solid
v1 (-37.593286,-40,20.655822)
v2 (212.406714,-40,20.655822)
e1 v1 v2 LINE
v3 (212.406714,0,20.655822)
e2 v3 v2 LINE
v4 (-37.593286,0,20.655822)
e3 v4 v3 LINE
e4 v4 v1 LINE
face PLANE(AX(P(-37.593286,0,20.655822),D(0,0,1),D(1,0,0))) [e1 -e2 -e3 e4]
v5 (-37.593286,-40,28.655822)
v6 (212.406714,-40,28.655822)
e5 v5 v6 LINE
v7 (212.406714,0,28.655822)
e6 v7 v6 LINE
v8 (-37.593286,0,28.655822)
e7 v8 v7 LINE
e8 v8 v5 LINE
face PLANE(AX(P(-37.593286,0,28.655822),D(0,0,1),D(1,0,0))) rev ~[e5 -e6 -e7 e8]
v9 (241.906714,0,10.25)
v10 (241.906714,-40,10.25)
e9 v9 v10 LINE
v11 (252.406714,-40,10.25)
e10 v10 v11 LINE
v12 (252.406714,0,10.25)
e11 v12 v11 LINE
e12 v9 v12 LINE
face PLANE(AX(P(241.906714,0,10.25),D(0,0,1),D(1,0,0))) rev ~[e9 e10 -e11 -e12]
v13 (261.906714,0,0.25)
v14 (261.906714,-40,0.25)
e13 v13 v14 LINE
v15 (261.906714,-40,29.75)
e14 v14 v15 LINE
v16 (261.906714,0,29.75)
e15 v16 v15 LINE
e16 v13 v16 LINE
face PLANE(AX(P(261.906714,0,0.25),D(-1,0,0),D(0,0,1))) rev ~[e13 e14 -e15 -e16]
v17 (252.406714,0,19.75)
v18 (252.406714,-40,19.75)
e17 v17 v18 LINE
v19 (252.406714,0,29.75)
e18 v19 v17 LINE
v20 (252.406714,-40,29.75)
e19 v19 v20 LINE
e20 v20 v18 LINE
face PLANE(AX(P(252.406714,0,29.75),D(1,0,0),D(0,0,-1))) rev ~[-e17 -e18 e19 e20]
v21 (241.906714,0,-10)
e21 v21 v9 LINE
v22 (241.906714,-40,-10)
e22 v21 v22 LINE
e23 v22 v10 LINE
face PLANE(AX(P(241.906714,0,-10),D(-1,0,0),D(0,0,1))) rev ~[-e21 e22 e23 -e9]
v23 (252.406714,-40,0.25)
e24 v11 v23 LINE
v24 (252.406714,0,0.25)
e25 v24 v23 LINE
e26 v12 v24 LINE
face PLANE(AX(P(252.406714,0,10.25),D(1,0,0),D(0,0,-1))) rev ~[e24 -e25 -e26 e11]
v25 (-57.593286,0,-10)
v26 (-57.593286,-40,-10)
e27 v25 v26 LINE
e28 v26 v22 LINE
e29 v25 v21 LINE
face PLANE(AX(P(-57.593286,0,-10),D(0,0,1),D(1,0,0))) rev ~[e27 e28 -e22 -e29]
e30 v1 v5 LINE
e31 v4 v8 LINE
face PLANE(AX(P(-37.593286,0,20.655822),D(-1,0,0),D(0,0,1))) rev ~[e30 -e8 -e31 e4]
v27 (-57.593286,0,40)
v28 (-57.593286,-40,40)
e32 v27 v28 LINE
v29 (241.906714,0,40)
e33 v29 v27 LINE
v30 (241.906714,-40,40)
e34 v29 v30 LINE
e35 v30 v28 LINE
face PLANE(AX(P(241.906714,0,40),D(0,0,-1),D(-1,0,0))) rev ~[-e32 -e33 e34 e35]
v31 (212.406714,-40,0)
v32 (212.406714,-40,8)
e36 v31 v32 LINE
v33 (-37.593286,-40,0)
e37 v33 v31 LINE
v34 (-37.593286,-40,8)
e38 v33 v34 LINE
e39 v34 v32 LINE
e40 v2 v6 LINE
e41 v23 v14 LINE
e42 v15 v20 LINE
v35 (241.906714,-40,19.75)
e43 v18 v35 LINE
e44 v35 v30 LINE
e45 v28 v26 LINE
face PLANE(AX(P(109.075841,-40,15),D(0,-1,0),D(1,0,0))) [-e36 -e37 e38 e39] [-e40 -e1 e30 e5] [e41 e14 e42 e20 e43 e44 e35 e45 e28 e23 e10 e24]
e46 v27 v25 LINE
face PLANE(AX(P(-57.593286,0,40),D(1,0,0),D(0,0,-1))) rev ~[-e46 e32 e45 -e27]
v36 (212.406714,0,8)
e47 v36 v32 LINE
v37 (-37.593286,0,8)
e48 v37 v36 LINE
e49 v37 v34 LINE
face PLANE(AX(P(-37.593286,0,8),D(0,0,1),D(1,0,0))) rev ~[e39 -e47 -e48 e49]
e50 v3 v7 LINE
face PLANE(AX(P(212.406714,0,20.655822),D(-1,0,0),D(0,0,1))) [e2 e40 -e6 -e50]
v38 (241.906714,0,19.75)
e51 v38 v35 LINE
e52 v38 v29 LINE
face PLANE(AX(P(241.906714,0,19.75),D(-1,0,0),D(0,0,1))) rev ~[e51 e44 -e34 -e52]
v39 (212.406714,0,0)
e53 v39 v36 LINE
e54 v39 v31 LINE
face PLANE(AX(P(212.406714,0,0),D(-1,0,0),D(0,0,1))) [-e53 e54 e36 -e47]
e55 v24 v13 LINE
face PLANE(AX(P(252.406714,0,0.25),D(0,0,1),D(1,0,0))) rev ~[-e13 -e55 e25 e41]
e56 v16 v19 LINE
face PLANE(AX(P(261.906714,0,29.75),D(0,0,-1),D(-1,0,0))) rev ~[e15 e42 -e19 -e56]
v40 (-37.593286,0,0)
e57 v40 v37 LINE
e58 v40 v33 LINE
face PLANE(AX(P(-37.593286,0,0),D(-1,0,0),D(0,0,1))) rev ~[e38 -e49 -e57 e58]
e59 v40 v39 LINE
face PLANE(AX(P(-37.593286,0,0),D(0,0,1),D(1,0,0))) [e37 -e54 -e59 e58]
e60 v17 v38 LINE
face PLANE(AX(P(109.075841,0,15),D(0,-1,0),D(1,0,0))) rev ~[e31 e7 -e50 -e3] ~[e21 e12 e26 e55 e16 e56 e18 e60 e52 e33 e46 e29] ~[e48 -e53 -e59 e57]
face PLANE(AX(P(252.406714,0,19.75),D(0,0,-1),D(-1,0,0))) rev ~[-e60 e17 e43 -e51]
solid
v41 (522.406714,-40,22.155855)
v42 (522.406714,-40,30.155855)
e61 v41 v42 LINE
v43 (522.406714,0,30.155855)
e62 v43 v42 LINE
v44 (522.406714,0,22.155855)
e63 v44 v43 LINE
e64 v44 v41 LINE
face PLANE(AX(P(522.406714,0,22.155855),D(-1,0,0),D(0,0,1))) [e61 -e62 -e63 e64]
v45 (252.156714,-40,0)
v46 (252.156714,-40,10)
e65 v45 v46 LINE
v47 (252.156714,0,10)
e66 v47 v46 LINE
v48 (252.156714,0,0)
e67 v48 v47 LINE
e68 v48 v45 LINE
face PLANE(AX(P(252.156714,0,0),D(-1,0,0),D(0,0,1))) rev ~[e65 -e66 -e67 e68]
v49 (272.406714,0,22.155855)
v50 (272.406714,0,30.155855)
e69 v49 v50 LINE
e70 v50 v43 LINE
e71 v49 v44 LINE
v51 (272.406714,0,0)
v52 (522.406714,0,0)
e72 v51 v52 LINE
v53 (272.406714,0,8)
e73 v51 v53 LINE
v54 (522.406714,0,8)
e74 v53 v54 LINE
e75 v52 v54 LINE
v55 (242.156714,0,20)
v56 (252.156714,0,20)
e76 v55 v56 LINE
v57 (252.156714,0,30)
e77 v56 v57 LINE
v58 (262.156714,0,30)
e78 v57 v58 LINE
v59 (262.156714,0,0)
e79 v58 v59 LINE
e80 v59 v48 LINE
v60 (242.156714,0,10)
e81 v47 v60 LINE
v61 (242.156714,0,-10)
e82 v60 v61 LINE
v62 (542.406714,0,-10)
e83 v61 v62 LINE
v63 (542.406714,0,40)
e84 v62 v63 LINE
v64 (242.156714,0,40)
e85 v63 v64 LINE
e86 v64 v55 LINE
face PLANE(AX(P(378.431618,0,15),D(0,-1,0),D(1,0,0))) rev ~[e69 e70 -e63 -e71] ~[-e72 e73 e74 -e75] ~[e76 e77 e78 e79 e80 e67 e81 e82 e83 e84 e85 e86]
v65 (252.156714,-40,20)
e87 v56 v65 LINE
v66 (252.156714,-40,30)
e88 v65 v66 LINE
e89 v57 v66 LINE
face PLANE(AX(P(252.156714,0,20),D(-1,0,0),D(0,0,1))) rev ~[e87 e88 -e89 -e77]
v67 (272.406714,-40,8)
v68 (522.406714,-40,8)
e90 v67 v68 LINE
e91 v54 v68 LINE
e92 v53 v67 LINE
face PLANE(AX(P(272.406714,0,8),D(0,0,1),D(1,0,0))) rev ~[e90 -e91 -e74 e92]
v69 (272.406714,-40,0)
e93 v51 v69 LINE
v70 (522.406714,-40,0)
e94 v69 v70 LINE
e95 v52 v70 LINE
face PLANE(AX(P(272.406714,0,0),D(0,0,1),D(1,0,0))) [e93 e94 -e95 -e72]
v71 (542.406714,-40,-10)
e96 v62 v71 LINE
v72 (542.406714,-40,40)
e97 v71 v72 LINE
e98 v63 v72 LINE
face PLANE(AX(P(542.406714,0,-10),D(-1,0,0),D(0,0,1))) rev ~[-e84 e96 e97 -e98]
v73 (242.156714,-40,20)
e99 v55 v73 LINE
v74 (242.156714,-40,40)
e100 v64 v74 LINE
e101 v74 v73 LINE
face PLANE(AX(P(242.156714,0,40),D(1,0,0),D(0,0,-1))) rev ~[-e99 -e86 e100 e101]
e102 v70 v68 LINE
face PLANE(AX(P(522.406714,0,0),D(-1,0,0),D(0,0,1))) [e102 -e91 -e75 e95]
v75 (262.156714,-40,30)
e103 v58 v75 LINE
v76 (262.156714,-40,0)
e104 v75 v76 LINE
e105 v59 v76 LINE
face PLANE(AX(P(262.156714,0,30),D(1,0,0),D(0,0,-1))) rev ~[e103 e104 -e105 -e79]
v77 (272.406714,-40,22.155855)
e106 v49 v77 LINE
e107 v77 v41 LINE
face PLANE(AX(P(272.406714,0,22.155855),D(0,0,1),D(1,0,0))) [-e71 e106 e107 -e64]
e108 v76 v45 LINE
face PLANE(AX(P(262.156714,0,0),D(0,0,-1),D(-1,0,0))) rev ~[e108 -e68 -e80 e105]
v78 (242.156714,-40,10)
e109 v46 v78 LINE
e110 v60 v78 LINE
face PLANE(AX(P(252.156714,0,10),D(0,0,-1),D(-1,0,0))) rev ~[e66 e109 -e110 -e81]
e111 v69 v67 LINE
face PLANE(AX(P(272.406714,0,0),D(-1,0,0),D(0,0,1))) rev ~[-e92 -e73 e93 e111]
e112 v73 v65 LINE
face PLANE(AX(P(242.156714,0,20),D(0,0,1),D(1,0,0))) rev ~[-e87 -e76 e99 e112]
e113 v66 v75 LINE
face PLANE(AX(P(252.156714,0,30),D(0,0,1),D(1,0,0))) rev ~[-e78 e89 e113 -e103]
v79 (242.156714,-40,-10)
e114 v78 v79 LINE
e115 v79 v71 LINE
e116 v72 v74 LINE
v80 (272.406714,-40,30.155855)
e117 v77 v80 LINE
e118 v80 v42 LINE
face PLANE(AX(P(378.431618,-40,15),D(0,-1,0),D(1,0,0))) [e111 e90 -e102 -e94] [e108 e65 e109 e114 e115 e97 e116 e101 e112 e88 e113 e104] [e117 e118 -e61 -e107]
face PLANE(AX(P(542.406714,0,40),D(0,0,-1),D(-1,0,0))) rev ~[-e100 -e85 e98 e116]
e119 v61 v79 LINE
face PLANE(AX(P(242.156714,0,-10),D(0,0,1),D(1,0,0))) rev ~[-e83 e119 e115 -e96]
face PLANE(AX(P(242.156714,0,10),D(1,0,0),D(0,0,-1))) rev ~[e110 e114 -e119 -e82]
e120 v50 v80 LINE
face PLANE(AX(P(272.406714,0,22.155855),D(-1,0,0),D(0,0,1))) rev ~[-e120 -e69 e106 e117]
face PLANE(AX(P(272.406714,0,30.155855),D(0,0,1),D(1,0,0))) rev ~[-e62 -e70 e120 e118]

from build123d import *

# Parameters (mm, degrees)
F0_W     = 250
F0_H     = 8
F1_DEPTH = 40
F2_DEPTH = 40


with BuildPart() as f1:
    # F0 (on Front) → F1 (new body)
    with BuildSketch(Plane.XZ):
        Polygon((542.406714, 40), (242.156714, 40), (242.156714, 20), (252.156714, 20), (252.156714, 30), (262.156714, 30), (262.156714, 0), (252.156714, 0), (252.156714, 10), (242.156714, 10), (242.156714, -10), (542.406714, -10), align=None)
        with Locations((397.406714, 4)):
            Rectangle(F0_W, F0_H, mode=Mode.SUBTRACT)
        with Locations((397.406714, 26.155855)):
            Rectangle(F0_W, F0_H, mode=Mode.SUBTRACT)
    extrude(amount=F1_DEPTH)


with BuildPart() as f2:
    # F0 (on Front) → F2 (new body)
    with BuildSketch(Plane.XZ):
        Polygon((241.906714, 40), (-57.593286, 40), (-57.593286, -10), (241.906714, -10), (241.906714, 10.25), (242.156714, 10.25), (252.406714, 10.25), (252.406714, 0.25), (261.906714, 0.25), (261.906714, 29.75), (252.406714, 29.75), (252.406714, 19.75), (242.156714, 19.75), (241.906714, 19.75), align=None)
        with Locations((87.406714, 4)):
            Rectangle(F0_W, F0_H, mode=Mode.SUBTRACT)
        with Locations((87.406714, 24.655822)):
            Rectangle(F0_W, F0_H, mode=Mode.SUBTRACT)
    extrude(amount=F2_DEPTH)


solid = Compound([f1.part, f2.part])
